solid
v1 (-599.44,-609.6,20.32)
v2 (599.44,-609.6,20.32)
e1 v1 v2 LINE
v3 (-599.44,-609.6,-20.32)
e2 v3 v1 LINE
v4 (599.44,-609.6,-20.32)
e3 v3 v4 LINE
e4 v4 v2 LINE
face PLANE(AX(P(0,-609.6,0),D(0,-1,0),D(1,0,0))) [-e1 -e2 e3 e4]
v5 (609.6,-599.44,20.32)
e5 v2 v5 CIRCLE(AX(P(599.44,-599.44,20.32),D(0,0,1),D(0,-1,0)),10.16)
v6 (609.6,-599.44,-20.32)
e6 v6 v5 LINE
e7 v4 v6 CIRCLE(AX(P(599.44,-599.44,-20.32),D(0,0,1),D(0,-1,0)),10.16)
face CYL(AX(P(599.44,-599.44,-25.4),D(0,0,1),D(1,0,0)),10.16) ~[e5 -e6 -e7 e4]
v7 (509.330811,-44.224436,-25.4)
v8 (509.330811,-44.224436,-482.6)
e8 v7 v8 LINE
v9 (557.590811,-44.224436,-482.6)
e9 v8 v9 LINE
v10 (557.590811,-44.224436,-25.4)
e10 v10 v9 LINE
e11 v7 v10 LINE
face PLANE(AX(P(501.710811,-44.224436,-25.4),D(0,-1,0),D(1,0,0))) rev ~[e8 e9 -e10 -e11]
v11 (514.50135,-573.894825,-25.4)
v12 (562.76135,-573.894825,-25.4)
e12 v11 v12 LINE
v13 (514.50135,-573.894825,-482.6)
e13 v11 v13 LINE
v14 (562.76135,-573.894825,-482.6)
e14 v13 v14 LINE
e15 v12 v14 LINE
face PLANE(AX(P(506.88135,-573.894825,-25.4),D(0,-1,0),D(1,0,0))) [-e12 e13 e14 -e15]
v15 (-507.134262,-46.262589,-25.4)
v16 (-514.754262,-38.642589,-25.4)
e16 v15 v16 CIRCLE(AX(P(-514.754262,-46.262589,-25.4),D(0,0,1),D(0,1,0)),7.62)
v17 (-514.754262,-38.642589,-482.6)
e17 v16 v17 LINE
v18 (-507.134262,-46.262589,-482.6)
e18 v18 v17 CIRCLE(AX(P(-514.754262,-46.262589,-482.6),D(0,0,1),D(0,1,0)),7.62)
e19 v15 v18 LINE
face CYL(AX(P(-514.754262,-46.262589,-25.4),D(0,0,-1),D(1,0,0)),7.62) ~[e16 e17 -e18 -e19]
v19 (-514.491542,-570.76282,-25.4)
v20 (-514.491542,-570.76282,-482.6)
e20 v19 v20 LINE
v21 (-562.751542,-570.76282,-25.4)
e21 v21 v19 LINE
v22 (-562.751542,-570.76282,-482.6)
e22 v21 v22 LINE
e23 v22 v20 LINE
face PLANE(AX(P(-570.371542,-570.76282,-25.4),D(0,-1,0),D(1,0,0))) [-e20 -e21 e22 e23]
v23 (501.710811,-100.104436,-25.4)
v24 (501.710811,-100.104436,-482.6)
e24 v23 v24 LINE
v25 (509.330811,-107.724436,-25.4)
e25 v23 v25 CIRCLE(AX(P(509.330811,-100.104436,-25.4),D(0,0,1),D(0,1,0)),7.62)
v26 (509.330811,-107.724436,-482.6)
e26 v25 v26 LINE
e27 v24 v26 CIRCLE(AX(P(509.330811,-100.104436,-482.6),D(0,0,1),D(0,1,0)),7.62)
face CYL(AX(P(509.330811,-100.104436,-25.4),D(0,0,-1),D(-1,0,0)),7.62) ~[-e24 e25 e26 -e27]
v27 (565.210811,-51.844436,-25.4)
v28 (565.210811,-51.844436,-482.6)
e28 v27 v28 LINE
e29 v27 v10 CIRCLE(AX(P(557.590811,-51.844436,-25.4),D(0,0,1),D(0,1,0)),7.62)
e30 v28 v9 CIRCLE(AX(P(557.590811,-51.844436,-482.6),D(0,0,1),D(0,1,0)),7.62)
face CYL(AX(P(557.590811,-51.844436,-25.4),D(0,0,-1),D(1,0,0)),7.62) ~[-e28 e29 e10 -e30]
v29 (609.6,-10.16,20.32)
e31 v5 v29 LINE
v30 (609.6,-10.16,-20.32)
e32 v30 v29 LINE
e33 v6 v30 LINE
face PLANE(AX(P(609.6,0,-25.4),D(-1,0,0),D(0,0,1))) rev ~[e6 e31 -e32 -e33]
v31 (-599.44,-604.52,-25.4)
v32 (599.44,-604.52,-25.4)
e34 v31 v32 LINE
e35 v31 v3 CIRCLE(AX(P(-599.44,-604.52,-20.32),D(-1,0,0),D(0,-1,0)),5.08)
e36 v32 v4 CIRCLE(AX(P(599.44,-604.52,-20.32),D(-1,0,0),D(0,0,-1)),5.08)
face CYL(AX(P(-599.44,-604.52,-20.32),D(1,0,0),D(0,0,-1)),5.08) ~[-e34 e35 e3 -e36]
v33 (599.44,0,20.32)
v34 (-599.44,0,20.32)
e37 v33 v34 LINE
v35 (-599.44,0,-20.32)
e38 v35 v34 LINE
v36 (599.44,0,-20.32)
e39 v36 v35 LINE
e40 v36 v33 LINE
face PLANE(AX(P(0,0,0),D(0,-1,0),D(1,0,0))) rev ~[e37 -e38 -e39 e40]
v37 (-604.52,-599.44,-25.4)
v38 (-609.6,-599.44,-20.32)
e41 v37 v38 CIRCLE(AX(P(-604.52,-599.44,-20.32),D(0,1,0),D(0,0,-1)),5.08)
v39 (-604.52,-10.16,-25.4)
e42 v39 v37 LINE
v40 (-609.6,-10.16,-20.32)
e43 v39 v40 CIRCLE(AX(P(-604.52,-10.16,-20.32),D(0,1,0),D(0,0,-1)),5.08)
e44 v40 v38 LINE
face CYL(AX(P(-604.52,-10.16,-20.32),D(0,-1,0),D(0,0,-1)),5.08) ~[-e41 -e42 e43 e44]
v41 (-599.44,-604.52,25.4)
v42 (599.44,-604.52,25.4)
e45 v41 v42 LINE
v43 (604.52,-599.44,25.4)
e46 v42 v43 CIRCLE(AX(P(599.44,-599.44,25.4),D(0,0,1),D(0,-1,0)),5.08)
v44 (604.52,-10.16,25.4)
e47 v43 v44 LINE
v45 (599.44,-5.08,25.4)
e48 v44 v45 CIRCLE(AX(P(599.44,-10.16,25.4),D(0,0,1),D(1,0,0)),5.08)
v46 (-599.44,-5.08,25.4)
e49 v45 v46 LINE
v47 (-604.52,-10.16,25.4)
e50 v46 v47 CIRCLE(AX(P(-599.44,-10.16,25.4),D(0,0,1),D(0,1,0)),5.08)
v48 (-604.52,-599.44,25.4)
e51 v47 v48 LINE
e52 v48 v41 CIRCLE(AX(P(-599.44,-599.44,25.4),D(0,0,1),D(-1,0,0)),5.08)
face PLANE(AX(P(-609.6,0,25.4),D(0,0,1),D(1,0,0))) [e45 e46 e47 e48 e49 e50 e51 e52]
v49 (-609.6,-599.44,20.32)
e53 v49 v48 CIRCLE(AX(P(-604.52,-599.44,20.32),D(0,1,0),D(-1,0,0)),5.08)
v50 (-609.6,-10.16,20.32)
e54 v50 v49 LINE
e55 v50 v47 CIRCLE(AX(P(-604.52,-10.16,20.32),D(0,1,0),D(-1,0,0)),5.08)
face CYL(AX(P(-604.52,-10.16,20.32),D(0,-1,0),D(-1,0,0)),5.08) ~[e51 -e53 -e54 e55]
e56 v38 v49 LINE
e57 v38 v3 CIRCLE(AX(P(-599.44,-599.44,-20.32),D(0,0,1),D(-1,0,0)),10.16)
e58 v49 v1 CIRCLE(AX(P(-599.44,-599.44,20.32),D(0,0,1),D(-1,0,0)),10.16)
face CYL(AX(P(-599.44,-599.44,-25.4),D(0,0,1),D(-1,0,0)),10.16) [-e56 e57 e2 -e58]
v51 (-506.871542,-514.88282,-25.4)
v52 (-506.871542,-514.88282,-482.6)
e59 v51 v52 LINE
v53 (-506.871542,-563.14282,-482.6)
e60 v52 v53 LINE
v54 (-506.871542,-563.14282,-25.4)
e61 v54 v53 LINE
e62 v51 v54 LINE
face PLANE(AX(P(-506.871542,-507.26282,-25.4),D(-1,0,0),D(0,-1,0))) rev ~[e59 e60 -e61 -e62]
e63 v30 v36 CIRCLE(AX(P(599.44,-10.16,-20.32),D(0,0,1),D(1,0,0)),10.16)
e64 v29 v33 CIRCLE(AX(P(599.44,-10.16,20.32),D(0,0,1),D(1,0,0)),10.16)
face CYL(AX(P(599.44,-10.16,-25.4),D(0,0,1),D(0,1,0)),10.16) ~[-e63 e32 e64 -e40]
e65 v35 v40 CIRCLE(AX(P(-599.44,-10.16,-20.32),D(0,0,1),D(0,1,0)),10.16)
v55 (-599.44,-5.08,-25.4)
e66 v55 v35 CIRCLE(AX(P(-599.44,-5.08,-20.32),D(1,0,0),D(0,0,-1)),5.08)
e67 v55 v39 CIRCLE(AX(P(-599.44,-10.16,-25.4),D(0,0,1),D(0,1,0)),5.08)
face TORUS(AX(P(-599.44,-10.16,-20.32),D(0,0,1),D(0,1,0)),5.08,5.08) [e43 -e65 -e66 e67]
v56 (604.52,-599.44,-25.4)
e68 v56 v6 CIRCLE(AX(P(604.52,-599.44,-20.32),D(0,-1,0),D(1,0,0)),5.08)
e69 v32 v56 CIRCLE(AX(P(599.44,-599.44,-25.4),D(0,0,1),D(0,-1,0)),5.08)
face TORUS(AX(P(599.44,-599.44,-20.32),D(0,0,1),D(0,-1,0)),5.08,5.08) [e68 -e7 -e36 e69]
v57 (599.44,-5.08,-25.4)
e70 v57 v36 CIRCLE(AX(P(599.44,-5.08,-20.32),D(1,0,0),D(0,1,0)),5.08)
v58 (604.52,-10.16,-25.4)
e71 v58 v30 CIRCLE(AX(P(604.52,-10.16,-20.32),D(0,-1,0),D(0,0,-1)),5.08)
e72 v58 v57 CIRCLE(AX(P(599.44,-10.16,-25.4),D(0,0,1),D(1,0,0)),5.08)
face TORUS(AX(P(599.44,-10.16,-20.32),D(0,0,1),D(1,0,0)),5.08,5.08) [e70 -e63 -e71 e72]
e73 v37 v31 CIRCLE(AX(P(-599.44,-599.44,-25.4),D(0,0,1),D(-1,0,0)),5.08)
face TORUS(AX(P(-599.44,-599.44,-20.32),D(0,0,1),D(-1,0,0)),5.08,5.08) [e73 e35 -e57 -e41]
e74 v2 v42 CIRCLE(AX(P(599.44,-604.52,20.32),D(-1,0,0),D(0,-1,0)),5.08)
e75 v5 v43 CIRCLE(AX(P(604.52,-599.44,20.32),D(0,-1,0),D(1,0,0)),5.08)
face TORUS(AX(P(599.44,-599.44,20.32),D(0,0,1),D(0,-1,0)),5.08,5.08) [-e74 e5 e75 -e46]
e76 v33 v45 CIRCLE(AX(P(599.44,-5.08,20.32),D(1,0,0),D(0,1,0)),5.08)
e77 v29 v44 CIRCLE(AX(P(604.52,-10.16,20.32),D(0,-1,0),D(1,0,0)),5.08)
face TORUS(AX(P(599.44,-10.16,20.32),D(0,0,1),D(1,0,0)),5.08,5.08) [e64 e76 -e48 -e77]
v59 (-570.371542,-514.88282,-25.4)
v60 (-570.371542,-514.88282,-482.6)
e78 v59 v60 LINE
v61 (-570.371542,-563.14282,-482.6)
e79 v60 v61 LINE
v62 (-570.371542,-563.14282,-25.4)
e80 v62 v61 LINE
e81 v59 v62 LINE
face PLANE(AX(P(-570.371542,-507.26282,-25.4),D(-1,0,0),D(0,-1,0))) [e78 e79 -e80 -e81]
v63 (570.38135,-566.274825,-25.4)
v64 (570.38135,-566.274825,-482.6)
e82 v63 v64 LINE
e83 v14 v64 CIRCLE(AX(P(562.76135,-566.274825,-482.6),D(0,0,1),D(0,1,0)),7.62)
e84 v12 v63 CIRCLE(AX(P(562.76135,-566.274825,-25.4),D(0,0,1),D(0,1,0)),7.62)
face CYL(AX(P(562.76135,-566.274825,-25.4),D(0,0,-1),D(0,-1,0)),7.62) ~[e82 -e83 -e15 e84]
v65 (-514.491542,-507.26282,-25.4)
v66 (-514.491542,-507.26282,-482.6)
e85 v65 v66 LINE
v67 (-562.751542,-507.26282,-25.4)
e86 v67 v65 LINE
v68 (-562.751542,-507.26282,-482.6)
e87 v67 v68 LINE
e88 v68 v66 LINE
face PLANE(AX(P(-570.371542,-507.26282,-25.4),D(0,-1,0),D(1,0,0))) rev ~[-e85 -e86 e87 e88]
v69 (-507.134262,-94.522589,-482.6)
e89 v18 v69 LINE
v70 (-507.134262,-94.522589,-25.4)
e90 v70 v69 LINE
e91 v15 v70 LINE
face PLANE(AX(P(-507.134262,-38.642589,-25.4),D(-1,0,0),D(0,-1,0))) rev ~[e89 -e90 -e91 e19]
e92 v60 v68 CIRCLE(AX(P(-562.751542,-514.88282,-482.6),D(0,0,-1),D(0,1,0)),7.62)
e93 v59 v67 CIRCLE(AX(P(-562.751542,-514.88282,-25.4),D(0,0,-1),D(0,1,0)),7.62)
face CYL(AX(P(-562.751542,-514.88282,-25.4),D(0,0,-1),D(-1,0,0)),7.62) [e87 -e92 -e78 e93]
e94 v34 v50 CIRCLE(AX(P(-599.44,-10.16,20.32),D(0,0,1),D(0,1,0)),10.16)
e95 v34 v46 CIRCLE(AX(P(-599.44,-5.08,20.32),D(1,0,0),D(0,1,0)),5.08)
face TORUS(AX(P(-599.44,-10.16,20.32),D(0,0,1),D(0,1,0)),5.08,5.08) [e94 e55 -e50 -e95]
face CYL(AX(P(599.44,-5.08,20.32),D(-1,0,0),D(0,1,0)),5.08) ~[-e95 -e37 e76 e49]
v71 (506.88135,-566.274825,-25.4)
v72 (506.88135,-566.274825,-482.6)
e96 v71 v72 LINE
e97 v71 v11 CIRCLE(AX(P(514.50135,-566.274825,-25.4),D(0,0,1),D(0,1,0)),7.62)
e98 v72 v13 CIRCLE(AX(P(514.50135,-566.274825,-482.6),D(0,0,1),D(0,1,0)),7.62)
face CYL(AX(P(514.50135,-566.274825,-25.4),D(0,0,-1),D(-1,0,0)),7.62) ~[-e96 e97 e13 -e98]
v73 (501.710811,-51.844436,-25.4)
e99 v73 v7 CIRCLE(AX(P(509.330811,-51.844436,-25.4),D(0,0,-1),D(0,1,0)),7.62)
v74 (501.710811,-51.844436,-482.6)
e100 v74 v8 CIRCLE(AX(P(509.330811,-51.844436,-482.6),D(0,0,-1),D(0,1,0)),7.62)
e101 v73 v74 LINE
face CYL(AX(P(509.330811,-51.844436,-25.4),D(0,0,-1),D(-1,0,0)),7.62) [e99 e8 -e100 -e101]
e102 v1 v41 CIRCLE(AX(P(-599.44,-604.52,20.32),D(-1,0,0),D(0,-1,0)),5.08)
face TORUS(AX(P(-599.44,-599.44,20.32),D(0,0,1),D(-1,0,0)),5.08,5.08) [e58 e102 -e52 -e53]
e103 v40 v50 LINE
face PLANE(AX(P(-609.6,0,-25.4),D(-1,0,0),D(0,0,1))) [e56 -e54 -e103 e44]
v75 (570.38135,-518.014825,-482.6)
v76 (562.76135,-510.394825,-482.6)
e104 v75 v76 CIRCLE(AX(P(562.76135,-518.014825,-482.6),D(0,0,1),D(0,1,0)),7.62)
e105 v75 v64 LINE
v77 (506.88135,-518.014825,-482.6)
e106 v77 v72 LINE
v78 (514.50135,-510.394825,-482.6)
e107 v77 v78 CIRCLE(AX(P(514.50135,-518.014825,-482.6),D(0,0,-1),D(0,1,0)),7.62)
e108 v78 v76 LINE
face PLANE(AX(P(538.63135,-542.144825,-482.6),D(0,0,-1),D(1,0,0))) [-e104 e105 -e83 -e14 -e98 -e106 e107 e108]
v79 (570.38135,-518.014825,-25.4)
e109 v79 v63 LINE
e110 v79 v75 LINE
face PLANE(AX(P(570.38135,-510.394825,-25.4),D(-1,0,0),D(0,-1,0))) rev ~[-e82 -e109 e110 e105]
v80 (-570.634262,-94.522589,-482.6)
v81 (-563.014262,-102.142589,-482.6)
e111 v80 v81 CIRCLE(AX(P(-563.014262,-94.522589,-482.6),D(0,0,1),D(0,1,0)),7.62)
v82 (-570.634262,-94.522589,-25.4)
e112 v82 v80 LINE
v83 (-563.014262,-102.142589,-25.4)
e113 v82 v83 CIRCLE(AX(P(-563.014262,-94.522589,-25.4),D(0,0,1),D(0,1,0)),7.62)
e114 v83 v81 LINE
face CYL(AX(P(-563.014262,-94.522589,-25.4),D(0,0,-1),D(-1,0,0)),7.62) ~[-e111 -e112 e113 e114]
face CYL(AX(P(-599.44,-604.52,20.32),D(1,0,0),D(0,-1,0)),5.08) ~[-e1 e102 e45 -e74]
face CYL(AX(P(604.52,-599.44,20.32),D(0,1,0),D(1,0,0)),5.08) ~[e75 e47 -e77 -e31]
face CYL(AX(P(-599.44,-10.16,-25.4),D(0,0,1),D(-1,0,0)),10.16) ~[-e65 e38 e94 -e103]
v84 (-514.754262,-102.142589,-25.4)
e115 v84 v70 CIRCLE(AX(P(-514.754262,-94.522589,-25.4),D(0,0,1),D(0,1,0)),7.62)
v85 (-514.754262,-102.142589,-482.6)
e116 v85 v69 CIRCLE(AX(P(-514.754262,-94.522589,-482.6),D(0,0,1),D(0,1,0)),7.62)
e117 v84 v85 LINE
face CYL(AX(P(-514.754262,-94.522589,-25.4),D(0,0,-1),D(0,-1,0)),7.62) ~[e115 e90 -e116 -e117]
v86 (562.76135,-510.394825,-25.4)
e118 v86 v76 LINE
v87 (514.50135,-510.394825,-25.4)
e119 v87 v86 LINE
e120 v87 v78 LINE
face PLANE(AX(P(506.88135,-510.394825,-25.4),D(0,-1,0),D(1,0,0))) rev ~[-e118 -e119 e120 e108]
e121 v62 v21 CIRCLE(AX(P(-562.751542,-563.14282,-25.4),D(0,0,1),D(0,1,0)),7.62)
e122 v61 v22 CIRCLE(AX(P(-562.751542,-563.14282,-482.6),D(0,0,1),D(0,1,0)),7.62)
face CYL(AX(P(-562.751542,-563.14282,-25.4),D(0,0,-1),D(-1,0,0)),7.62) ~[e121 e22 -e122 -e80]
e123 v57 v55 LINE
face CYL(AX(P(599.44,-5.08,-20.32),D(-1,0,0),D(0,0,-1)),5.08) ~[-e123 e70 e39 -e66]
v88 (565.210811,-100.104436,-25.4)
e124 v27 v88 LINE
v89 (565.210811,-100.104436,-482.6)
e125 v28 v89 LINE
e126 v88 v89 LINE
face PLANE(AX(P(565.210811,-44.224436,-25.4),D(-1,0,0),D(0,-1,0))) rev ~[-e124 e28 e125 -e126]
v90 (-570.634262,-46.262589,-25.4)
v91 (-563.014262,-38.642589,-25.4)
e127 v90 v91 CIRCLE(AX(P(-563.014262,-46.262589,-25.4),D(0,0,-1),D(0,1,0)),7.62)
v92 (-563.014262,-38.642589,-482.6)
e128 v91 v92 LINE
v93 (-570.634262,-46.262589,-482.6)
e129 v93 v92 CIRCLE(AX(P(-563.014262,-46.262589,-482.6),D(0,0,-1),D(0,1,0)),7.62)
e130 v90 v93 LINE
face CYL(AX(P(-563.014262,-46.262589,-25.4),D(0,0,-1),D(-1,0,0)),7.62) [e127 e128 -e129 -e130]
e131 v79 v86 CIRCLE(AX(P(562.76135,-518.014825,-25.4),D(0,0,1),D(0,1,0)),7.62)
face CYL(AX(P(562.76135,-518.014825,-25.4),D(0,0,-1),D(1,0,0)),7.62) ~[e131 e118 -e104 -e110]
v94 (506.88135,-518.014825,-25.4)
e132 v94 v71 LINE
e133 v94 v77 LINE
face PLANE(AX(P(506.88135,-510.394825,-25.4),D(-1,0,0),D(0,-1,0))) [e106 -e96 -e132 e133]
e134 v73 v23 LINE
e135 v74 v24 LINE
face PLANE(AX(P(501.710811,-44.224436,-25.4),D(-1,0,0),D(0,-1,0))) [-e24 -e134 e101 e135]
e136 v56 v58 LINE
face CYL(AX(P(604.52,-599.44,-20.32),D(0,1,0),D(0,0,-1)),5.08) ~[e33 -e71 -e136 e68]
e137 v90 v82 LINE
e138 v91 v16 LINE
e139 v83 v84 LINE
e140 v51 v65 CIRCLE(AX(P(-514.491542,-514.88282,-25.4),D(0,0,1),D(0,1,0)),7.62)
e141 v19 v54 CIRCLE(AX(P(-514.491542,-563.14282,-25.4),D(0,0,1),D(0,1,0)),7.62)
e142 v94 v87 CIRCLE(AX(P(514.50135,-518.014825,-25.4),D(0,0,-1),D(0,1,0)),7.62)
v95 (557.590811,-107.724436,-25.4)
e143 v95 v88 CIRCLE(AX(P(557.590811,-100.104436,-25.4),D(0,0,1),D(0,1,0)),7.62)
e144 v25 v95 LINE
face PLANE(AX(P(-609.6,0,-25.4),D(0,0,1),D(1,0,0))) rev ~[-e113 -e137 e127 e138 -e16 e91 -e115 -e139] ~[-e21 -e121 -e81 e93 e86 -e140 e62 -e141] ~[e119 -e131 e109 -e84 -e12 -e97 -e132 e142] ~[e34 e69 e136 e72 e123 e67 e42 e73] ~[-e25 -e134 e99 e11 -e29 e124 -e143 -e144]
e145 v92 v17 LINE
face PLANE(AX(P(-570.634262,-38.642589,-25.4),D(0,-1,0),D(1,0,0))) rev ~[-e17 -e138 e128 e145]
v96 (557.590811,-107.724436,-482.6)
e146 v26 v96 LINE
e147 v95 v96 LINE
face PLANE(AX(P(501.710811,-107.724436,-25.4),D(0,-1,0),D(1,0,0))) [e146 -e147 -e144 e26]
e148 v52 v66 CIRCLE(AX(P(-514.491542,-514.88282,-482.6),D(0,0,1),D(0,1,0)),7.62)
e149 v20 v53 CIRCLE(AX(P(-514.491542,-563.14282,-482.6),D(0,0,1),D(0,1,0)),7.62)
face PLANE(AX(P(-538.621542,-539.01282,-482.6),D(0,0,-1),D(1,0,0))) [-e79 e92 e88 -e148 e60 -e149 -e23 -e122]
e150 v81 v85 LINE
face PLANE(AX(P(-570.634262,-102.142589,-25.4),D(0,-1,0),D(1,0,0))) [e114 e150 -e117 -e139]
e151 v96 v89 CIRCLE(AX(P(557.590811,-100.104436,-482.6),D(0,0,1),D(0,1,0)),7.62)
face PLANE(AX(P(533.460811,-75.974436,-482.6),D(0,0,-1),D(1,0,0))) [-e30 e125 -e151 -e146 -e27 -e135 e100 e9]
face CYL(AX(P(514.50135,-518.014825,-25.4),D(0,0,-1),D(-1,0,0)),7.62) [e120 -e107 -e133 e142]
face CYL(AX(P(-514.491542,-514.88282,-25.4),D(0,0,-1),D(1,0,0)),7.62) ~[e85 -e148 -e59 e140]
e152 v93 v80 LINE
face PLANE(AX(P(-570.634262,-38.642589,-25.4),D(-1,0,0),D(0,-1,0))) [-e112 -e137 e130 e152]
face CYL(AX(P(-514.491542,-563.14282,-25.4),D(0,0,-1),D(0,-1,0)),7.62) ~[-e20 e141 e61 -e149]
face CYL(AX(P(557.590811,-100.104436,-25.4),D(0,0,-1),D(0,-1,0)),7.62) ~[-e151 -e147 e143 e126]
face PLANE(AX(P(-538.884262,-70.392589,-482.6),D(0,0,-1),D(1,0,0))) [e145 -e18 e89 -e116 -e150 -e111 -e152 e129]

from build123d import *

# Parameters (mm, degrees)
F0_W      = 1219.2
F0_H      = 50.8
F1_DEPTH  = 609.6
F3_R      = 10.16
F4_R      = 10.16
F5_R      = 10.16
F6_R      = 10.16
F7_R      = 5.08
F8_W      = 63.5
F8_H      = 63.5
F9_DEPTH  = 457.2
F10_R     = 7.62
F11_W     = 63.5
F11_H     = 63.5
F12_DEPTH = 457.2
F13_R     = 7.62
F14_W     = 63.5
F14_H     = 63.5
F15_DEPTH = 457.2
F16_R     = 7.62
F17_W     = 63.5
F17_H     = 63.5
F18_DEPTH = 457.2
F19_R     = 7.62


with BuildPart() as f1:
    # F0 (on Front) → F1 (new body)
    with BuildSketch(Plane.XZ):
        Rectangle(F0_W, F0_H)
    extrude(amount=F1_DEPTH)

    # F3
    f3_edges = [f1.edges().sort_by_distance(p)[0] for p in [
        (-609.6, -609.6, 0),
    ]]
    fillet(f3_edges, radius=F3_R)

    # F4
    f4_edges = [f1.edges().sort_by_distance(p)[0] for p in [
        (-609.6, 0, 0),
    ]]
    fillet(f4_edges, radius=F4_R)

    # F5
    f5_edges = [f1.edges().sort_by_distance(p)[0] for p in [
        (609.6, 0, 0),
    ]]
    fillet(f5_edges, radius=F5_R)

    # F6
    f6_edges = [f1.edges().sort_by_distance(p)[0] for p in [
        (609.6, -609.6, 0),
    ]]
    fillet(f6_edges, radius=F6_R)

    # F7
    f7_edges = [f1.edges().sort_by_distance(p)[0] for p in [
        (-609.6, -304.8, 25.4),
        (-609.6, -304.8, -25.4),
    ]]
    fillet(f7_edges, radius=F7_R)

    # F8 (on face) → F9 (join)
    with BuildSketch(Plane(origin=(0, 0, -25.4), x_dir=(1, 0, 0), z_dir=(0, 0, -1))):
        with Locations((-538.884262, 70.392589)):
            Rectangle(F8_W, F8_H)
    extrude(amount=F9_DEPTH)

    # F10
    f10_edges = [f1.edges().sort_by_distance(p)[0] for p in [
        (-507.134262, -38.642589, -254),
        (-507.134262, -102.142589, -254),
        (-570.634262, -102.142589, -254),
        (-570.634262, -38.642589, -254),
    ]]
    fillet(f10_edges, radius=F10_R)

    # F11 (on face) → F12 (join)
    with BuildSketch(Plane(origin=(0, 0, -25.4), x_dir=(1, 0, 0), z_dir=(0, 0, -1))):
        with Locations((533.460811, 75.974436)):
            Rectangle(F11_W, F11_H)
    extrude(amount=F12_DEPTH)

    # F13
    f13_edges = [f1.edges().sort_by_distance(p)[0] for p in [
        (565.210811, -107.724436, -254),
        (565.210811, -44.224436, -254),
        (501.710811, -107.724436, -254),
        (501.710811, -44.224436, -254),
    ]]
    fillet(f13_edges, radius=F13_R)

    # F14 (on face) → F15 (join)
    with BuildSketch(Plane(origin=(0, 0, -25.4), x_dir=(1, 0, 0), z_dir=(0, 0, -1))):
        with Locations((-538.621542, 539.01282)):
            Rectangle(F14_W, F14_H)
    extrude(amount=F15_DEPTH)

    # F16
    f16_edges = [f1.edges().sort_by_distance(p)[0] for p in [
        (-570.371542, -570.76282, -254),
        (-506.871542, -570.76282, -254),
        (-506.871542, -507.26282, -254),
        (-570.371542, -507.26282, -254),
    ]]
    fillet(f16_edges, radius=F16_R)

    # F17 (on face) → F18 (join)
    with BuildSketch(Plane(origin=(0, 0, -25.4), x_dir=(1, 0, 0), z_dir=(0, 0, -1))):
        with Locations((538.63135, 542.144825)):
            Rectangle(F17_W, F17_H)
    extrude(amount=F18_DEPTH)

    # F19
    f19_edges = [f1.edges().sort_by_distance(p)[0] for p in [
        (570.38135, -573.894825, -254),
        (506.88135, -573.894825, -254),
        (506.88135, -510.394825, -254),
        (570.38135, -510.394825, -254),
    ]]
    fillet(f19_edges, radius=F19_R)


solid = f1.part
